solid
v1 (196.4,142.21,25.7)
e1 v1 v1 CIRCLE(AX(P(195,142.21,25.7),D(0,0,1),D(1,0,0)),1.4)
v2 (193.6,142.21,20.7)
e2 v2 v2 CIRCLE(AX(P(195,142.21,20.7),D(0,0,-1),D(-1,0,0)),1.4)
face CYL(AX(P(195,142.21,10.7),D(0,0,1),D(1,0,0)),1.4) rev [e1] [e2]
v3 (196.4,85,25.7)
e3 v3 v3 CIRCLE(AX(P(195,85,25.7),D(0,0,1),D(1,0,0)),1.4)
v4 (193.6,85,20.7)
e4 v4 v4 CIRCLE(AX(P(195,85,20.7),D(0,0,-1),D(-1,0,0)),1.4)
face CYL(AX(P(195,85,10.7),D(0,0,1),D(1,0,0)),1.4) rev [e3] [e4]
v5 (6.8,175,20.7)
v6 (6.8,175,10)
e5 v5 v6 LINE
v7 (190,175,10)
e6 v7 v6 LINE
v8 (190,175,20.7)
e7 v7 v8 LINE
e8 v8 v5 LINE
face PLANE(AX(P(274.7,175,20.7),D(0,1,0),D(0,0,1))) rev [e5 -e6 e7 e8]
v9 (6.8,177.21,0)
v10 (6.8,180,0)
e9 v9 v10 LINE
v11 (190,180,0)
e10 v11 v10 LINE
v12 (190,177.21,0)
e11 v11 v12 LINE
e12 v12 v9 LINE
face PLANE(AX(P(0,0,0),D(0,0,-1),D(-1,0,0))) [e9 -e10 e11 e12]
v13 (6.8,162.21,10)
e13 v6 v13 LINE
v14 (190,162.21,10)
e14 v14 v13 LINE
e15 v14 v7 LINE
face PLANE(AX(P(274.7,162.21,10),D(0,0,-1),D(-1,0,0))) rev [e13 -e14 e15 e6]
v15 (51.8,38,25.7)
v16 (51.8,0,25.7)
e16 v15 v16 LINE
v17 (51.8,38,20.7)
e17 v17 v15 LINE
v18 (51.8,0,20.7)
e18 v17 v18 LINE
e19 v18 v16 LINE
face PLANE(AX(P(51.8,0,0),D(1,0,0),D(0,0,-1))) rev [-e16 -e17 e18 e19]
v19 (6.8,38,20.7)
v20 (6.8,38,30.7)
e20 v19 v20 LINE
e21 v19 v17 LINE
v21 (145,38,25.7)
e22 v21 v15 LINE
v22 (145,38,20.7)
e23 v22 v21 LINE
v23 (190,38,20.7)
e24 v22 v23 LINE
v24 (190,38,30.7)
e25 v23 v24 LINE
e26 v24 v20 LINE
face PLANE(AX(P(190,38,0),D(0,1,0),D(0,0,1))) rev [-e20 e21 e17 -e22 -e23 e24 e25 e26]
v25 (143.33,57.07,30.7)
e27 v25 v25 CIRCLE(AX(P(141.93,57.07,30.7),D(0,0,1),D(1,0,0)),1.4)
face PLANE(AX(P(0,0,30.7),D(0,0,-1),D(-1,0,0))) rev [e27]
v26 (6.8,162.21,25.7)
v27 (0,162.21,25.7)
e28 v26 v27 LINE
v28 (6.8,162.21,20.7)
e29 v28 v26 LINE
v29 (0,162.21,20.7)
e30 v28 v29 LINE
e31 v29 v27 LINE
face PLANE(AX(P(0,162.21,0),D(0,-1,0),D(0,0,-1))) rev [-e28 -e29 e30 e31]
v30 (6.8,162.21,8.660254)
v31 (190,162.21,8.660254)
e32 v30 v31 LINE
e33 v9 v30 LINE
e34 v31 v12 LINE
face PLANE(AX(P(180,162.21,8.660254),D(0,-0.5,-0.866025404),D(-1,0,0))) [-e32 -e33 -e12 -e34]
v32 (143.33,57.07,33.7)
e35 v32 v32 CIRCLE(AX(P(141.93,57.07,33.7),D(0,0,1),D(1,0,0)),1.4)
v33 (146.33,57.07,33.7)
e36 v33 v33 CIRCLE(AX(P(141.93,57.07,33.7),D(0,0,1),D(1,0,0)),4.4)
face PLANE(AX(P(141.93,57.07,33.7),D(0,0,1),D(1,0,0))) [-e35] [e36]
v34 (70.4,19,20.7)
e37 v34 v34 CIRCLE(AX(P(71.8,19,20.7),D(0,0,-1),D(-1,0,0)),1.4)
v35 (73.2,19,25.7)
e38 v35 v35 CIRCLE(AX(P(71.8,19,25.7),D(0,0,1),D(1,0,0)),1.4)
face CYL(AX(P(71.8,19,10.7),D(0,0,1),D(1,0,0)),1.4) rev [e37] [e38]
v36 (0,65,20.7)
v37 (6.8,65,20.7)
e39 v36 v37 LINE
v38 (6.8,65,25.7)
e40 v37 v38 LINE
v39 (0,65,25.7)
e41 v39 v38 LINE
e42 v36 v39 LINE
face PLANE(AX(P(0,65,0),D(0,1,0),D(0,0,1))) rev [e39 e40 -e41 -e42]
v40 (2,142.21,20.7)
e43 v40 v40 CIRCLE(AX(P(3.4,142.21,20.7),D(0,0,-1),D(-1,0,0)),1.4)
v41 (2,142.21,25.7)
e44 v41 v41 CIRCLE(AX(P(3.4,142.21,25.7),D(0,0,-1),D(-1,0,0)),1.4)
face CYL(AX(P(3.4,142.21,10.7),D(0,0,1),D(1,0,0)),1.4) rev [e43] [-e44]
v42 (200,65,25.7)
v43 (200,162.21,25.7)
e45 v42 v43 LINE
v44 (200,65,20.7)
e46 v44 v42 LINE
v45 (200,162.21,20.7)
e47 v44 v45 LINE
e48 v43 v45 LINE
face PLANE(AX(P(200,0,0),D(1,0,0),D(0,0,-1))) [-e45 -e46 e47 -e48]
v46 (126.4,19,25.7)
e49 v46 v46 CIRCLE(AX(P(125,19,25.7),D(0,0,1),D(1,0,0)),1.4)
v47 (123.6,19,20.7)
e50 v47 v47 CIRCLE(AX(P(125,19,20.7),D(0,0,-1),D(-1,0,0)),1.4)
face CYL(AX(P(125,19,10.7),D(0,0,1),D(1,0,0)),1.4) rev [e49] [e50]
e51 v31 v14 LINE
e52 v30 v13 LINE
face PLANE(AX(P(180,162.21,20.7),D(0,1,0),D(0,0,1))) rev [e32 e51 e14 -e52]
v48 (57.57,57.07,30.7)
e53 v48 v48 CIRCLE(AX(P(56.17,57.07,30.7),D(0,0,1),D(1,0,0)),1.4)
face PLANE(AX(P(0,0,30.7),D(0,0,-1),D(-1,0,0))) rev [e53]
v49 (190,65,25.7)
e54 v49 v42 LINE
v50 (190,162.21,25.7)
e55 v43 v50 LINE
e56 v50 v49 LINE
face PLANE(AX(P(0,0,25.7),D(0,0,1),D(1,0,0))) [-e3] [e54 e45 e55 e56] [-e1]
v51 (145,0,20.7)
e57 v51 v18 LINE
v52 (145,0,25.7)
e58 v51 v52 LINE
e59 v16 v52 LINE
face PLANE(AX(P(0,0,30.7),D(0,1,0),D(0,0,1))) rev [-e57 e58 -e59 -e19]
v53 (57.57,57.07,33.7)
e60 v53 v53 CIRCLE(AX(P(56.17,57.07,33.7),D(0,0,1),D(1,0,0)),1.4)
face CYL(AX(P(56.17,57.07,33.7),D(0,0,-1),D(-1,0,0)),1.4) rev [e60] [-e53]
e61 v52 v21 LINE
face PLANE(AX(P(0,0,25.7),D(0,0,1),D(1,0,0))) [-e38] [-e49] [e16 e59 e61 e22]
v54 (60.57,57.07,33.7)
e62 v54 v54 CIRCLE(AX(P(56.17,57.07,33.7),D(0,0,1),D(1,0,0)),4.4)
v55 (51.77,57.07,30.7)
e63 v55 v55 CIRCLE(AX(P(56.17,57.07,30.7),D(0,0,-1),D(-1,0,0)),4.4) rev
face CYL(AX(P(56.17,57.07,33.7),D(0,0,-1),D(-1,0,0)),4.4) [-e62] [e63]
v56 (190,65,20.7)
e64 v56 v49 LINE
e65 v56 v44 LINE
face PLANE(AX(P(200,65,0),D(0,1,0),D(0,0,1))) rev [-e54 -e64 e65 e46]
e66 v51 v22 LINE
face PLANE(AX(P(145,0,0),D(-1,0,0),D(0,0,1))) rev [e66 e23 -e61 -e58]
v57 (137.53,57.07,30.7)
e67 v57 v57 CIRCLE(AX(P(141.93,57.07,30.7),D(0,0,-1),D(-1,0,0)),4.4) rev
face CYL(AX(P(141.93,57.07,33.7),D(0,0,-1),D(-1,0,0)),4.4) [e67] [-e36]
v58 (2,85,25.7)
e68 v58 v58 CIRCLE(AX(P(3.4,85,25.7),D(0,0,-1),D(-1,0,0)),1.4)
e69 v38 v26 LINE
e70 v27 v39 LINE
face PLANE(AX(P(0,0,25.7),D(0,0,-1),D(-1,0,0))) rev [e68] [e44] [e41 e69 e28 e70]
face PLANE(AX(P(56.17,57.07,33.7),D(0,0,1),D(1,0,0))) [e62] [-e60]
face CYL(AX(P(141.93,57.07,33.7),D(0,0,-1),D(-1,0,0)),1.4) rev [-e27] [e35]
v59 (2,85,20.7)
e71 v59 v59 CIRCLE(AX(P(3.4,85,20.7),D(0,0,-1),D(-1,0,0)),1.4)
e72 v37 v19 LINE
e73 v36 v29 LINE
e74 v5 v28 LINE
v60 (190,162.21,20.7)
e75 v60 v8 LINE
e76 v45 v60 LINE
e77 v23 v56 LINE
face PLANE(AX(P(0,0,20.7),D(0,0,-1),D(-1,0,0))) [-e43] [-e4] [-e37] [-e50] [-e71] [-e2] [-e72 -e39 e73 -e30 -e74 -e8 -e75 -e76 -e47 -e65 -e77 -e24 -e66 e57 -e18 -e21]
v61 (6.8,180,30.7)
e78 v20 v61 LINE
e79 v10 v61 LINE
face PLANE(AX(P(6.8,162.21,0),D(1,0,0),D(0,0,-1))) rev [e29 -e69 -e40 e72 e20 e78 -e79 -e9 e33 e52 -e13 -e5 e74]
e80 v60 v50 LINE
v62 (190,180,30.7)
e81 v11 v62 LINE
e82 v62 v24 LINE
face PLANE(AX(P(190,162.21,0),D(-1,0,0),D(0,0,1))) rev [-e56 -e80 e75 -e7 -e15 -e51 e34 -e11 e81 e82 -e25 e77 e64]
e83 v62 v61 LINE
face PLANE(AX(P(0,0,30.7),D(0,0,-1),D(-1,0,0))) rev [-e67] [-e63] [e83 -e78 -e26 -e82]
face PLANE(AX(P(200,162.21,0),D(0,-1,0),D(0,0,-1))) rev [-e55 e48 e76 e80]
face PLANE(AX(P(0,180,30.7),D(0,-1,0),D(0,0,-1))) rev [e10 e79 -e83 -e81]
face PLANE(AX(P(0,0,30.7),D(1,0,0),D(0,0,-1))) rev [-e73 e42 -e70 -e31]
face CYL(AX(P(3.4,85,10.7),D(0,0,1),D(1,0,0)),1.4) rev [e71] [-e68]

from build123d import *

# Parameters (mm, degrees)
CROQUIS1_W              = 180
CROQUIS1_H              = 180
SALIENTE_EXTRUIR1_DEPTH = 30.7
CROQUIS2_W              = 180
CROQUIS2_H              = 162.21
CORTAR_EXTRUIR1_DEPTH   = 20.7
CROQUIS3_W              = 10.7
CROQUIS3_H              = 12.79
CORTAR_EXTRUIR2_DEPTH   = 274.7
SALIENTE_EXTRUIR2_DEPTH = 20
CROQUIS5_W              = 10
CROQUIS5_H              = 17.79
CROQUIS5_W_2            = 6.8
CORTAR_EXTRUIR3_DEPTH   = 30.7
CROQUIS6_W              = 6.8
CROQUIS6_H              = 97.21
CROQUIS6_W_2            = 10
CROQUIS6_W_3            = 93.2
CROQUIS6_H_2            = 38
CORTAR_EXTRUIR4_DEPTH   = 5
CHAFL_N1_SIZE           = 15
CHAFL_N1_SIZE2          = 8.660254038
CROQUIS7_R              = 1.4
CORTAR_EXTRUIR5_DEPTH   = 20
CROQUIS8_R              = 4.4
CROQUIS8_R_2            = 1.4
SALIENTE_EXTRUIR3_DEPTH = 3


with BuildPart() as part:
    # Croquis1 → Saliente-Extruir1 (new body)
    with BuildSketch(Plane.XY):
        with Locations((90, 90)):
            Rectangle(CROQUIS1_W, CROQUIS1_H)
    extrude(amount=SALIENTE_EXTRUIR1_DEPTH)

    # Croquis2 → Cortar-Extruir1 (cut)
    with BuildSketch(Plane(origin=(0, 0, 0), x_dir=(-1, 0, 0), z_dir=(0, 0, -1))):
        with Locations((-90, 81.105)):
            Rectangle(CROQUIS2_W, CROQUIS2_H)
    extrude(amount=-CORTAR_EXTRUIR1_DEPTH, mode=Mode.SUBTRACT)

    # Croquis3 → Cortar-Extruir2 (cut)
    with BuildSketch(Plane.ZY):
        with Locations((15.35, 168.605)):
            Rectangle(CROQUIS3_W, CROQUIS3_H)
    extrude(amount=-CORTAR_EXTRUIR2_DEPTH, mode=Mode.SUBTRACT)

    # Croquis4 → Saliente-Extruir2 (add)
    with BuildSketch(Plane(origin=(180, 0, 0), x_dir=(0, 0, -1), z_dir=(1, 0, 0))):
        Polygon((-20.7, 0), (-20.7, 175), (-10, 175), (-10, 162.21), (0, 162.21), (0, 180), (-30.7, 180), (-30.7, 0), align=None)
    extrude(amount=SALIENTE_EXTRUIR2_DEPTH)

    # Croquis5 → Cortar-Extruir3 (cut)
    with BuildSketch(Plane.XY.offset(30.7)):
        Polygon((0, 0), (6.8, 0), (51.8, 0), (51.8, 38), (6.8, 38), (6.8, 65), (0, 65), align=None)
        Polygon((200, 0), (190, 0), (145, 0), (145, 38), (190, 38), (190, 65), (200, 65), align=None)
        with Locations((195, 171.105)):
            Rectangle(CROQUIS5_W, CROQUIS5_H)
        with Locations((3.4, 171.105)):
            Rectangle(CROQUIS5_W_2, CROQUIS5_H)
    extrude(amount=-CORTAR_EXTRUIR3_DEPTH, mode=Mode.SUBTRACT)

    # Croquis6 → Cortar-Extruir4 (cut)
    with BuildSketch(Plane.XY.offset(30.7)):
        with Locations((3.4, 113.605)):
            Rectangle(CROQUIS6_W, CROQUIS6_H)
        with Locations((195, 113.605)):
            Rectangle(CROQUIS6_W_2, CROQUIS6_H)
        with Locations((98.4, 19)):
            Rectangle(CROQUIS6_W_3, CROQUIS6_H_2)
    extrude(amount=-CORTAR_EXTRUIR4_DEPTH, mode=Mode.SUBTRACT)

    # Chaflán1
    chafl_n1_edges = [part.edges().sort_by_distance(p)[0] for p in [
        (98.4, 162.21, 0),
    ]]
    chafl_n1_side = [part.faces().sort_by_distance(p)[0] for p in [
        (98.4, 171.105, 0),
    ]]
    chamfer(chafl_n1_edges, length=CHAFL_N1_SIZE, length2=CHAFL_N1_SIZE2, reference=chafl_n1_side[0])

    # Croquis7 → Cortar-Extruir5 (cut)
    with BuildSketch(Plane.XY.offset(30.7)):
        with Locations((125, 19)):
            Circle(CROQUIS7_R)
        with Locations((71.8, 19)):
            Circle(CROQUIS7_R)
        with Locations((195, 85)):
            Circle(CROQUIS7_R)
        with Locations((195, 142.21)):
            Circle(CROQUIS7_R)
        with Locations(Location((3.4, 142.21, 0), (0, 0, 180))):
            Circle(CROQUIS7_R)
        with Locations(Location((3.4, 85, 0), (0, 0, 180))):
            Circle(CROQUIS7_R)
    extrude(amount=-CORTAR_EXTRUIR5_DEPTH, mode=Mode.SUBTRACT)

    # Croquis8 → Saliente-Extruir3 (add)
    # profile 1 of 2: a face of its own
    with BuildSketch(Plane.XY.offset(30.7)):
        with Locations(Location((56.17, 57.07, 0), (0, 0, 180))):
            Circle(CROQUIS8_R)
        with Locations((56.17, 57.07)):
            Circle(CROQUIS8_R_2, mode=Mode.SUBTRACT)
    # profile 2 of 2: a face of its own
    with BuildSketch(Plane.XY.offset(30.7)):
        with Locations(Location((141.93, 57.07, 0), (0, 0, 180))):
            Circle(CROQUIS8_R)
        with Locations((141.93, 57.07)):
            Circle(CROQUIS8_R_2, mode=Mode.SUBTRACT)
    extrude(amount=SALIENTE_EXTRUIR3_DEPTH)


solid = part.part
